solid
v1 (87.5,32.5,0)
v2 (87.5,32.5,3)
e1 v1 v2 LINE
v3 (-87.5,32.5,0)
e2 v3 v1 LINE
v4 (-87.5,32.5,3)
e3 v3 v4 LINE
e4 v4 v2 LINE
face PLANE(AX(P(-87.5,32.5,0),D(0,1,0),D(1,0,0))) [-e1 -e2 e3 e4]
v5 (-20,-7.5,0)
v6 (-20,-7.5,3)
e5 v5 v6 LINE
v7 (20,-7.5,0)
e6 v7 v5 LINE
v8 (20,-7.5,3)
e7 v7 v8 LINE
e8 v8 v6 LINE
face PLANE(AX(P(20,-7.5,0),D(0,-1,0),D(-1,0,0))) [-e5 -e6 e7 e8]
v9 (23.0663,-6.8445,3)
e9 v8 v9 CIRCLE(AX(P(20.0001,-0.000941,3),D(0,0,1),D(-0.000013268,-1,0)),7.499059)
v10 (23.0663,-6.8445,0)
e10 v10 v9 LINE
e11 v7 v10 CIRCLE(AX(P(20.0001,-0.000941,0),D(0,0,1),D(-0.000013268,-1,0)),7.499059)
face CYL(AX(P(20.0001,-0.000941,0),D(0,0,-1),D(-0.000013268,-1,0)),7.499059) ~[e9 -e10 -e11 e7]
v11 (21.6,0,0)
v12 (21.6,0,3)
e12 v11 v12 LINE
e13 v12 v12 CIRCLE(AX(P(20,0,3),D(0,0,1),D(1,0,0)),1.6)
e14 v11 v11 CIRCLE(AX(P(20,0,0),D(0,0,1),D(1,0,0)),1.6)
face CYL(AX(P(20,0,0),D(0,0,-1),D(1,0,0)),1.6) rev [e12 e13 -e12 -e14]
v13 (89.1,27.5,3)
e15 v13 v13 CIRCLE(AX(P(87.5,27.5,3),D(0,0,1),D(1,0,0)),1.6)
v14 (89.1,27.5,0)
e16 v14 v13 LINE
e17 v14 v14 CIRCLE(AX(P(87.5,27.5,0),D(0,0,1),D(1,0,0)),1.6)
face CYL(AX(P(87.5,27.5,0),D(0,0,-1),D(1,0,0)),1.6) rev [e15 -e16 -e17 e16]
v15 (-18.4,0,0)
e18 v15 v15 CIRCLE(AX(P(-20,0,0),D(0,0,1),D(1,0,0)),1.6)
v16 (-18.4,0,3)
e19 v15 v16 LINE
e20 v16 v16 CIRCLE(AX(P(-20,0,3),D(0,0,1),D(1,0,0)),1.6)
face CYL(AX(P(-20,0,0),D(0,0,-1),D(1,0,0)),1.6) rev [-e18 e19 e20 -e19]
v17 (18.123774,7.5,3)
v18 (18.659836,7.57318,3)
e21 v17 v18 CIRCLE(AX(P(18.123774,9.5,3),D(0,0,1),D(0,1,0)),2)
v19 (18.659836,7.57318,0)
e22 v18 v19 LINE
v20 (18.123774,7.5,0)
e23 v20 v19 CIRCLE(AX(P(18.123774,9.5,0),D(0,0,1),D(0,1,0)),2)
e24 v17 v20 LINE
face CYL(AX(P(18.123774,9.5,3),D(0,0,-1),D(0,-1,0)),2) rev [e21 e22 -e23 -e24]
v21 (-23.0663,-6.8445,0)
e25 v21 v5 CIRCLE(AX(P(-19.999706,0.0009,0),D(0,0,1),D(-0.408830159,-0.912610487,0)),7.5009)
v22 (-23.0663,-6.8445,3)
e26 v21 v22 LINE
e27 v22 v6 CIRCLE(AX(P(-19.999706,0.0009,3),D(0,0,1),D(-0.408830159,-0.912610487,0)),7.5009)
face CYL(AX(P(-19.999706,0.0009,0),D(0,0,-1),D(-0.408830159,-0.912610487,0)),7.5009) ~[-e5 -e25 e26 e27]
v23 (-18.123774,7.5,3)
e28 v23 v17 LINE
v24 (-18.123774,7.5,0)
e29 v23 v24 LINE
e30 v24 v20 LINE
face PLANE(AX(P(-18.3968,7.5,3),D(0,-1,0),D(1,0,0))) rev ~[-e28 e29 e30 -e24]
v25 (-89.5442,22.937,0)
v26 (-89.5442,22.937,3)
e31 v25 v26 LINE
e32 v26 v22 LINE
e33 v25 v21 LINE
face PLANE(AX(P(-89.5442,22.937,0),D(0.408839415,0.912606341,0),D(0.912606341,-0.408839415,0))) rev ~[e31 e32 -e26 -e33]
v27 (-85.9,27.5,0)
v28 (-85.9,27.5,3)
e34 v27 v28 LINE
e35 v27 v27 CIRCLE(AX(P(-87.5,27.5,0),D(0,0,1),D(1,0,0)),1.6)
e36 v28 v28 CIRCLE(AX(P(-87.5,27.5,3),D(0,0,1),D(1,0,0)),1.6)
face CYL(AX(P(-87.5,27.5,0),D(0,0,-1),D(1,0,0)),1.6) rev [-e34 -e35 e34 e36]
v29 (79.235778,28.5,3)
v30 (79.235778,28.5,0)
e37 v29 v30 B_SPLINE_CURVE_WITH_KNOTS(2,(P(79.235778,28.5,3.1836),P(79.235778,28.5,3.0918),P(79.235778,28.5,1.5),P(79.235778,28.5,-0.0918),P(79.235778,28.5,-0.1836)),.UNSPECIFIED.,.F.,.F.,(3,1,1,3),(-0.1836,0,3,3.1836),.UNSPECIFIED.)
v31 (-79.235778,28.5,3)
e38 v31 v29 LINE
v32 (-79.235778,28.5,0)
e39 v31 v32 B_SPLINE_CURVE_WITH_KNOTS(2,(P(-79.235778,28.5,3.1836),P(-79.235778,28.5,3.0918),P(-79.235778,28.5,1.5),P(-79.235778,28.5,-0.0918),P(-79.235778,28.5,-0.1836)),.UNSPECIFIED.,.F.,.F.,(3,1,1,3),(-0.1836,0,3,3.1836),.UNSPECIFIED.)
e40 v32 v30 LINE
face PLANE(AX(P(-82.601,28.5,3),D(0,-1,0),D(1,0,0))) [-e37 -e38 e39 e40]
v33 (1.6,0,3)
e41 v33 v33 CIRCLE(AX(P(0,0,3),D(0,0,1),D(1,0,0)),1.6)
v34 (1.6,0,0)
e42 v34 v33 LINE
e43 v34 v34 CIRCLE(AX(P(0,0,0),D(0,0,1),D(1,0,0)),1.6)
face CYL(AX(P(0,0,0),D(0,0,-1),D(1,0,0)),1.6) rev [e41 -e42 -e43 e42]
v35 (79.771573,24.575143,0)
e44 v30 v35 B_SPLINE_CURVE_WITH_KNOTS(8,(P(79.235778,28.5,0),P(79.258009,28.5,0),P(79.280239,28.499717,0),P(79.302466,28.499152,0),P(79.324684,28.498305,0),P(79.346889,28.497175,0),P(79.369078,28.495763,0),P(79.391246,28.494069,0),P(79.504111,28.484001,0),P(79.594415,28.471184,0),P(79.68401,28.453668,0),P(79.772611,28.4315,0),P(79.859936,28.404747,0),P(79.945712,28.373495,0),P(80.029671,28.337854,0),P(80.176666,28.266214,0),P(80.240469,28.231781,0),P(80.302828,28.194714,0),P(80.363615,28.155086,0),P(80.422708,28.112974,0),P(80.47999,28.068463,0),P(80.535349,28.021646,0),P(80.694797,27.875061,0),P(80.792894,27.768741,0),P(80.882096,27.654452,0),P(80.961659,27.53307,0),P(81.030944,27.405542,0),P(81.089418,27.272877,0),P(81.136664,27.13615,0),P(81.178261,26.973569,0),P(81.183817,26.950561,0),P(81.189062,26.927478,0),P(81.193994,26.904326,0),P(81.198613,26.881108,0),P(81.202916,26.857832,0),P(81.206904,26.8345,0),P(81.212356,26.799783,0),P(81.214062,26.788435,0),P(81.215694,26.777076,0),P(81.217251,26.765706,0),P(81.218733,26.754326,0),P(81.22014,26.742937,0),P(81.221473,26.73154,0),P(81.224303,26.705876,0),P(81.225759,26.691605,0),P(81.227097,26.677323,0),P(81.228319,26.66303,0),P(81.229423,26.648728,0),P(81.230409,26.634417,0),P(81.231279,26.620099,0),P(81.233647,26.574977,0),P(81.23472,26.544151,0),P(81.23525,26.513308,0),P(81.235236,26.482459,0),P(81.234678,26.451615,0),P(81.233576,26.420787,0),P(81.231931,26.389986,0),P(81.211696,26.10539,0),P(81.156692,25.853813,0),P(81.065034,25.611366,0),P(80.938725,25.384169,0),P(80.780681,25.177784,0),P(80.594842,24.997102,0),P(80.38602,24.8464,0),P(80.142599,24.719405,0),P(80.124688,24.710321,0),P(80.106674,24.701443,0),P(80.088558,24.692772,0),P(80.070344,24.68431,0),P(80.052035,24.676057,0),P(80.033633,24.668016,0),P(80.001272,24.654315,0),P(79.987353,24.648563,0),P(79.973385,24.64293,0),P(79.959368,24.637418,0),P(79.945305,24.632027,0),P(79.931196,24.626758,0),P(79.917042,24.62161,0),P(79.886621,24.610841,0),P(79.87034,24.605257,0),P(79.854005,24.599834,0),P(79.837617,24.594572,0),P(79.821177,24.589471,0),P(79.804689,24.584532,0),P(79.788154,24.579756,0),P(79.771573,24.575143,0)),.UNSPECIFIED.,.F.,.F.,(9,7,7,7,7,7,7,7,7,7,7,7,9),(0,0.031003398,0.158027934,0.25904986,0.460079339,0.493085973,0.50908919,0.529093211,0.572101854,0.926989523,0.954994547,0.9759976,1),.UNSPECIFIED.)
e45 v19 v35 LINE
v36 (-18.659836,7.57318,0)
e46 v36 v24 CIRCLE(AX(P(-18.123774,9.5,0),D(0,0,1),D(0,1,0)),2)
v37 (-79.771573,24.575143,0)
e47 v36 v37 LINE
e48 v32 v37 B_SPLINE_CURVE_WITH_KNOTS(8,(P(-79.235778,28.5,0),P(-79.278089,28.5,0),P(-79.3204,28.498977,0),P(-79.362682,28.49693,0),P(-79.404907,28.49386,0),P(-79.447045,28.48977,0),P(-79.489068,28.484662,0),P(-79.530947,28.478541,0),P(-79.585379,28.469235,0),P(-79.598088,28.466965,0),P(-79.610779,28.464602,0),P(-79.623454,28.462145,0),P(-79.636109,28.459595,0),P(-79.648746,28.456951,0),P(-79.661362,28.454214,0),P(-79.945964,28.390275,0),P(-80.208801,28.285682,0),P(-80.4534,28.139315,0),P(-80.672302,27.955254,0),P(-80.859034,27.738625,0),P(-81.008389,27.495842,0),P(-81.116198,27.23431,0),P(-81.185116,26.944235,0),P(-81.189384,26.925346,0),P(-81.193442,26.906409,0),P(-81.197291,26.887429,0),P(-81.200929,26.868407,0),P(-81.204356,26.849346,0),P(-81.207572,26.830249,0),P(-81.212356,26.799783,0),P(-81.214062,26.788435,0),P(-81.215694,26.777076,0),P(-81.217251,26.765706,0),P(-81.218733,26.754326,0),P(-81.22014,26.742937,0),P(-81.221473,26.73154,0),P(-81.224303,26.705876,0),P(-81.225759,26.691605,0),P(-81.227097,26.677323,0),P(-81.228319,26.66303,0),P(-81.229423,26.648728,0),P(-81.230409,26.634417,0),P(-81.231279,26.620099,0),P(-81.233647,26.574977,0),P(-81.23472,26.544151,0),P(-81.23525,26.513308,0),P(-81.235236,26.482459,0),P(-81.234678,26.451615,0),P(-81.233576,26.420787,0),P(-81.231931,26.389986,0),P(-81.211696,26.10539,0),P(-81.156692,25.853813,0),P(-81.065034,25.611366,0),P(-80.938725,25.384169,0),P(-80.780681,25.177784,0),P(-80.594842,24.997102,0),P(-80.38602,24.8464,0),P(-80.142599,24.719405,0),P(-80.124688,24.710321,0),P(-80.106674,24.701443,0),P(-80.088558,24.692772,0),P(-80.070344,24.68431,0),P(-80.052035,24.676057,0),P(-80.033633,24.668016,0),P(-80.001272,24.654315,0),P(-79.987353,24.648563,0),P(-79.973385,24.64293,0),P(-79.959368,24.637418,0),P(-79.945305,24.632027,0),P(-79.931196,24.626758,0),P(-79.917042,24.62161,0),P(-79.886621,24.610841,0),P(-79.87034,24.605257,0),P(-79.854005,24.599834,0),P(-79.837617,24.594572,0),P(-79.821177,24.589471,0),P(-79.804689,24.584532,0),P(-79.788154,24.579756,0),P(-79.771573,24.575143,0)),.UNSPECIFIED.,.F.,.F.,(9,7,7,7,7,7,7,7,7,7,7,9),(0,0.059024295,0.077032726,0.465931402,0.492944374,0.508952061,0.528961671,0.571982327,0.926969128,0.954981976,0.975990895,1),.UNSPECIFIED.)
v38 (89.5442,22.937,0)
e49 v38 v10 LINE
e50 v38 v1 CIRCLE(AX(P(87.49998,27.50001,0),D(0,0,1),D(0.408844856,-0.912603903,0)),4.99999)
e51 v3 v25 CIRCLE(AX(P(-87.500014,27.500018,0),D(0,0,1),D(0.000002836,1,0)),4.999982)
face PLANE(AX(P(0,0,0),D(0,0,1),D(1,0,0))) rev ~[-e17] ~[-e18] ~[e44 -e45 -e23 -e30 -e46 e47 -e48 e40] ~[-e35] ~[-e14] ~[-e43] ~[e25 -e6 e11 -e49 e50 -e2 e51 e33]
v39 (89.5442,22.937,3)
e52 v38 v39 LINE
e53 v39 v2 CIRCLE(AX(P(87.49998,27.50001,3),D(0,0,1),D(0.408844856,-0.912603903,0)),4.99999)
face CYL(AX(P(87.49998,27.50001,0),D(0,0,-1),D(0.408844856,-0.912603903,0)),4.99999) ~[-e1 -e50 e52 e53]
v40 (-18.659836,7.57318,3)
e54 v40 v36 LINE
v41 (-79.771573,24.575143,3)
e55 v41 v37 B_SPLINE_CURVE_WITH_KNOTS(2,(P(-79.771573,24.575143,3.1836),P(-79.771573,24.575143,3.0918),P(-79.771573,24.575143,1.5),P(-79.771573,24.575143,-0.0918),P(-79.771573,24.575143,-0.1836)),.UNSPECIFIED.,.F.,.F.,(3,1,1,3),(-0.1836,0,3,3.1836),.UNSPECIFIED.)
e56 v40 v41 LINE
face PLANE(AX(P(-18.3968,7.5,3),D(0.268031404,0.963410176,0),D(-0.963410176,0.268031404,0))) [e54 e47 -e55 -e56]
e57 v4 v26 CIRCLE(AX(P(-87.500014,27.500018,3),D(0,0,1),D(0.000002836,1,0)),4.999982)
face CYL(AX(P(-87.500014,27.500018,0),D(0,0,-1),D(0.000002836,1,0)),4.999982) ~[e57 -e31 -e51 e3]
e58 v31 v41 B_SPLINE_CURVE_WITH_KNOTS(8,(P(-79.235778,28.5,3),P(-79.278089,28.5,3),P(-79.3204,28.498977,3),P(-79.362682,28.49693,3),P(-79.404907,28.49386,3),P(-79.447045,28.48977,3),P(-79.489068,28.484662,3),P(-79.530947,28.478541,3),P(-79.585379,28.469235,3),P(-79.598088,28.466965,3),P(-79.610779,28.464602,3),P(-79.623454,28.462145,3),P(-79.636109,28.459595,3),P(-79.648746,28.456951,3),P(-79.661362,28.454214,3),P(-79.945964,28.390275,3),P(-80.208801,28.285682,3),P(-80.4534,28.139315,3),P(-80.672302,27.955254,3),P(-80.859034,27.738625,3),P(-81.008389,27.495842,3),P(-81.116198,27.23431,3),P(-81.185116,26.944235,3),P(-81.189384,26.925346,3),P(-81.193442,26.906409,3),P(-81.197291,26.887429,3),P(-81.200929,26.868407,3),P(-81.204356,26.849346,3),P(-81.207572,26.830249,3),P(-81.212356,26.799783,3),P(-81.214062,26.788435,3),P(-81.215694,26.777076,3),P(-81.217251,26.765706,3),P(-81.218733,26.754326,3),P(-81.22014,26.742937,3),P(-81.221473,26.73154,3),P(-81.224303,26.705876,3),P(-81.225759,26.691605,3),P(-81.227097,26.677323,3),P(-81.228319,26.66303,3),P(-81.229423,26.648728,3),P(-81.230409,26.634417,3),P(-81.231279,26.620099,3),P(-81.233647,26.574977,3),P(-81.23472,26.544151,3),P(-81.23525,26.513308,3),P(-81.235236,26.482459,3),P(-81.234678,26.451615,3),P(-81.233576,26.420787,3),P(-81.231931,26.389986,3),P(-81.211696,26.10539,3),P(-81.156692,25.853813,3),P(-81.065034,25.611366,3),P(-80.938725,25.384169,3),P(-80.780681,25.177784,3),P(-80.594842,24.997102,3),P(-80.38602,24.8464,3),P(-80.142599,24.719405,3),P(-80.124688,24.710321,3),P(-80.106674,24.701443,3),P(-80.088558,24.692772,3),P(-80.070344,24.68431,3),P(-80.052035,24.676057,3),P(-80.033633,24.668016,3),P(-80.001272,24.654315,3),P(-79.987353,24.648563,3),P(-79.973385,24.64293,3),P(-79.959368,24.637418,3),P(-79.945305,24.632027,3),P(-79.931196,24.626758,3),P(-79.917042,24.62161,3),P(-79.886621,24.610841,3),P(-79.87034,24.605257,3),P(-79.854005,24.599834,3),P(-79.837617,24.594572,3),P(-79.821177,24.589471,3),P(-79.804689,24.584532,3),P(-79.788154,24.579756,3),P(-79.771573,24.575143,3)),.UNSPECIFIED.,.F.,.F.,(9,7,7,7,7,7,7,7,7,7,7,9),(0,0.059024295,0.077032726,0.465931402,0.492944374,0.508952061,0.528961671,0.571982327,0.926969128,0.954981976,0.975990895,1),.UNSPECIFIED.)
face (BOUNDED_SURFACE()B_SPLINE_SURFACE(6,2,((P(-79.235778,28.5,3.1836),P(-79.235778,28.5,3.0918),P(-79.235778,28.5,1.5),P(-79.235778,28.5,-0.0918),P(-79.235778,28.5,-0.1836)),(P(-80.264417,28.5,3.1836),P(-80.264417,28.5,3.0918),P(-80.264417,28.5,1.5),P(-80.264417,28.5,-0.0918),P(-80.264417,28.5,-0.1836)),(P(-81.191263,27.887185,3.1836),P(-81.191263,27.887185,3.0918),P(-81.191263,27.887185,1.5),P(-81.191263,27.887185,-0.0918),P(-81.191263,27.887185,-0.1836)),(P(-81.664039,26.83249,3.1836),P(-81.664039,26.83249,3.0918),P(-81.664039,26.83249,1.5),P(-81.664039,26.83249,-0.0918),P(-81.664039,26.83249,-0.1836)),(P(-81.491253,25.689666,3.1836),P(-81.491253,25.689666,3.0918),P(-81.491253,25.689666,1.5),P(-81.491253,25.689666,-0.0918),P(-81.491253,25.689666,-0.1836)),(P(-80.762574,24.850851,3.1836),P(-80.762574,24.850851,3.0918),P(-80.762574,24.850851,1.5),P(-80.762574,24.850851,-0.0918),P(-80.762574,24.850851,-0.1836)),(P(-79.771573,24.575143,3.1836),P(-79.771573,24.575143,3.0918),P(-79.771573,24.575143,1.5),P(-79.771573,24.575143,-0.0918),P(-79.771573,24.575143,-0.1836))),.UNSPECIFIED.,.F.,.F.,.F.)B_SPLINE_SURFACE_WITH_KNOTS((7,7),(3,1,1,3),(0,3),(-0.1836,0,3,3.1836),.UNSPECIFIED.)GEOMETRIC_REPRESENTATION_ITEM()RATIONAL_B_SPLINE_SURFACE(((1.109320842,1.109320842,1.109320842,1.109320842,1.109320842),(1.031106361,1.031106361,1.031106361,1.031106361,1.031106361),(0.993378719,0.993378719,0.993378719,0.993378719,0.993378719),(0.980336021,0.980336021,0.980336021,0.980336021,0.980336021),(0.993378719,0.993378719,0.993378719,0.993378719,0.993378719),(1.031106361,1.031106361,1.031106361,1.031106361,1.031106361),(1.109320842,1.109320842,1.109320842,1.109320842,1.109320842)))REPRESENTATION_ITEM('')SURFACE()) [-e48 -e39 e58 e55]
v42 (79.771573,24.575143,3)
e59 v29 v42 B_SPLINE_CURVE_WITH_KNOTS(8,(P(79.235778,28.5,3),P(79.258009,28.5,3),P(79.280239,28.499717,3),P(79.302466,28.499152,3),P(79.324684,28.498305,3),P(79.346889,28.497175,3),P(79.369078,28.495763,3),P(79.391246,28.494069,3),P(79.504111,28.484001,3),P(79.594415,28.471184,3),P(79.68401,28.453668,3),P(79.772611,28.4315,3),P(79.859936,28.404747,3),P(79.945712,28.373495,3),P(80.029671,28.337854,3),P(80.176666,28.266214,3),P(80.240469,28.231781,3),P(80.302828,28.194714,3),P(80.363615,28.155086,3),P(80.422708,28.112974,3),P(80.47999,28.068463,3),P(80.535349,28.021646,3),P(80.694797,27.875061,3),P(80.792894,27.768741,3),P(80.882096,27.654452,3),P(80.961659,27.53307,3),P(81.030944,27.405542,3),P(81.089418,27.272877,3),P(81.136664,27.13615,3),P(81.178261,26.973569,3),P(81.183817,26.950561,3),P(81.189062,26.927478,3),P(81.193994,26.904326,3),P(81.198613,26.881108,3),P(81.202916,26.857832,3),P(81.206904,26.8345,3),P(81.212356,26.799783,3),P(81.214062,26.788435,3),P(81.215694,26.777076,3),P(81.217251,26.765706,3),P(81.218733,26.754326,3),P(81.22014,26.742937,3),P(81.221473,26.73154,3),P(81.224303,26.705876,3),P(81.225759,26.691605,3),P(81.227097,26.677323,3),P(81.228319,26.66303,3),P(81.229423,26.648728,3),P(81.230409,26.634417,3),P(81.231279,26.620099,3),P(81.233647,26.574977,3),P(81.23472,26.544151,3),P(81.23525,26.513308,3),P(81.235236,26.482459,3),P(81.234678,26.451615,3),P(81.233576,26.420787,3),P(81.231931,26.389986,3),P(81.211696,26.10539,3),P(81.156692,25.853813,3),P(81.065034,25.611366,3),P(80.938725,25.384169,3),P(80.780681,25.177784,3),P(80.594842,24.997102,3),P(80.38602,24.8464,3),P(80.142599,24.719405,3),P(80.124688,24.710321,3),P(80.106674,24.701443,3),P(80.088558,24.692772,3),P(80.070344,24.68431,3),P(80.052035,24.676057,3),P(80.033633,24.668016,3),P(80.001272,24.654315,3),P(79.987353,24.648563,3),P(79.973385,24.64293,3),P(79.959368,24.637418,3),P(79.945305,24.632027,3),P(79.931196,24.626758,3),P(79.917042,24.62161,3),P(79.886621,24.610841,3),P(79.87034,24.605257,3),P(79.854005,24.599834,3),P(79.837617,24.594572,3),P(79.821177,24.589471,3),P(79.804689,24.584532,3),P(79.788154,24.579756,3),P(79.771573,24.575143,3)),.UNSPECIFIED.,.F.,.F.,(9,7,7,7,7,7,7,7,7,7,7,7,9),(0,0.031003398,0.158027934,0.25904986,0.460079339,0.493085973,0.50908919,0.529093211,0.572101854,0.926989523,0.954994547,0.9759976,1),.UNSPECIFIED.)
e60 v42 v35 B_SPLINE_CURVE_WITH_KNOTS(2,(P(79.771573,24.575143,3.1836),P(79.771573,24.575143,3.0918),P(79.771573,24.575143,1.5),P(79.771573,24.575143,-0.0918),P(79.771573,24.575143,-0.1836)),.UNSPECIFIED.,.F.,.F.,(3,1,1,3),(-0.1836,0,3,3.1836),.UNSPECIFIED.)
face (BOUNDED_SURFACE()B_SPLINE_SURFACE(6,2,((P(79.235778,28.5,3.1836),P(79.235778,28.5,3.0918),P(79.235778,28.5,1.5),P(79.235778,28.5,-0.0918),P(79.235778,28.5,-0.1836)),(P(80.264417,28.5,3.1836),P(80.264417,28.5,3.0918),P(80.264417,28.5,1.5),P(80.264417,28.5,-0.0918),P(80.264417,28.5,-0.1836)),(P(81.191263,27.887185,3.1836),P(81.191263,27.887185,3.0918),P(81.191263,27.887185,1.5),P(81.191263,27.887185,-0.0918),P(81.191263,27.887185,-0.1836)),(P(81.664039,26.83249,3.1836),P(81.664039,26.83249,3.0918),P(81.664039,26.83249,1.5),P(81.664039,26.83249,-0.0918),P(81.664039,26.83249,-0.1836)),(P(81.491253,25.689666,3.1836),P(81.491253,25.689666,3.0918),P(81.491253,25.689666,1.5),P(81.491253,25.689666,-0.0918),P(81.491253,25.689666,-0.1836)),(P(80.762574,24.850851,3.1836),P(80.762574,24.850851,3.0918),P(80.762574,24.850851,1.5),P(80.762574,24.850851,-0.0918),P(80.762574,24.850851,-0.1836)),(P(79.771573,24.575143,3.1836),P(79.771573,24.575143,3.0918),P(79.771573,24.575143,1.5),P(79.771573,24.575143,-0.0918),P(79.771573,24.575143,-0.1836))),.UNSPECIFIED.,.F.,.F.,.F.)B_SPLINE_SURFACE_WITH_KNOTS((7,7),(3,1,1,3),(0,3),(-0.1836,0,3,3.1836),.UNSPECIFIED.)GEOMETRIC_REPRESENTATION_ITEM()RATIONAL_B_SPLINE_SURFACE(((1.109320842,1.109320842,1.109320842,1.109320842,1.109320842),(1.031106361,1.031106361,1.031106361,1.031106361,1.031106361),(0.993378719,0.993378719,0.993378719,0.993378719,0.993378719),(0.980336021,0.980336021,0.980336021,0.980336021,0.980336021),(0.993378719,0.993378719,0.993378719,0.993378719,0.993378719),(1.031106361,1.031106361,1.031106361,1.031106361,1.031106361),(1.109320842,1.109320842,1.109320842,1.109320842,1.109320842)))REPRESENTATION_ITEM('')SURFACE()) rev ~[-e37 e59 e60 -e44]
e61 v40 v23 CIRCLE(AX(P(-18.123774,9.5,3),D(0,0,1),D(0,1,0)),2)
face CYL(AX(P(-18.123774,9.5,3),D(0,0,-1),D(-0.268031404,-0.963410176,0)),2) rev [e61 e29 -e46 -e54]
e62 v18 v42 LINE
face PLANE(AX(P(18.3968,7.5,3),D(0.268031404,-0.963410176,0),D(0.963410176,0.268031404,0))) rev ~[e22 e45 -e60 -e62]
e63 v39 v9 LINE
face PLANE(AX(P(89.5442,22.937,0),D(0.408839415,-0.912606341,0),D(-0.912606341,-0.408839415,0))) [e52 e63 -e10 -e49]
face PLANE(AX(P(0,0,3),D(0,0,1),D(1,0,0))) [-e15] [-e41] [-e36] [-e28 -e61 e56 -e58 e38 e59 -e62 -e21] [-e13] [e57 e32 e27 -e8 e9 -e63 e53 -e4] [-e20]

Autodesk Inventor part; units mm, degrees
ref_plane "YZ Plane" through (0, 0, 0) normal (1, 0, 0) x (0, 1, 0)
ref_plane "XZ Plane" through (0, 0, 0) normal (0, 1, 0) x (-1, 0, 0)
ref_plane "XY Plane" through (0, 0, 0) normal (0, 0, 1) x (1, 0, 0)
sketch "スケッチ1" plane through (0, 0, 0) normal (0, 0, 1) x (1, 0, 0)
  circle A0 centre (-20, 0) radius 1.6
  circle A1 centre (20, 0) radius 1.6
  circle A2 centre (0, 0) radius 1.6
  circle A3 centre (-87.5, 27.5) radius 1.6
  circle A4 centre (87.5, 27.5) radius 1.6
  arc A5 (-87.5, 32.5) -> (-89.5442, 22.937) centre (-87.5, 27.5) ccw
  arc A6 (89.5442, 22.937) -> (87.5, 32.5) centre (87.5, 27.5) ccw
  arc A7 (20, -7.5) -> (23.0663, -6.8445) centre (20, 0) ccw
  arc A8 (-23.0663, -6.8445) -> (-20, -7.5) centre (-20, 0) ccw
  line L0 (-89.5442, 22.937) -> (-23.0663, -6.8445)
  line L1 (-87.5, 32.5) -> (87.5, 32.5)
  line L2 (89.5442, 22.937) -> (23.0663, -6.8445)
  line L3 (20, -7.5) -> (-20, -7.5)
  dimension "d0" = 3.2
  dimension "d1" = 3.2
  dimension "d2" = 3.2
  dimension "d3" = 20
  dimension "d4" = 20
  dimension "d5" = 3.2
  dimension "d6" = 3.2
  dimension "d14" = 175
  dimension "d15" = 87.5
  dimension "d17" = 5
  dimension "d18" = 5
  dimension "d19" = 7.5
  dimension "d20" = 7.5
  dimension "d23" = 27.5
extrude "押し出し1" add sketch "スケッチ1" along normal blind 3
sketch "スケッチ2" plane through (0, 0, 3) normal (0, 0, 1) x (1, 0, 0)
  circle A0 centre (-87.5, 27.5) radius 1.6 projected
  arc A1 (-82.937, 25.4558) -> (-82.601, 28.5) centre (-87.5, 27.5) ccw
  circle A2 centre (87.5, 27.5) radius 1.6 projected
  arc A3 (82.601, 28.5) -> (82.937, 25.4558) centre (87.5, 27.5) ccw
  line L0 (-82.601, 28.5) -> (82.601, 28.5)
  line L1 (87.5, 32.5) -> (-87.5, 32.5) projected
  line L2 (-18.3968, 7.5) -> (18.3968, 7.5)
  line L3 (18.3968, 7.5) -> (82.937, 25.4558)
  line L4 (-18.3968, 7.5) -> (-82.937, 25.4558)
  line L5 (-20, -7.5) -> (20, -7.5) projected
  line L6 (-89.5442, 22.937) -> (-23.0663, -6.8445) projected
  line L7 (23.0663, -6.8445) -> (89.5442, 22.937) projected
  point P0 (0, 0)
  dimension "d24" = 5
  dimension "d25" = 5
  dimension "d26" = 4
  dimension "d27" = 15
  dimension "d28" = 15
  dimension "d29" = 15
  dimension "d30" = 5
  dimension "d31" = 5
extrude "押し出し2" cut sketch "スケッチ2" against normal through all contours A1 L0 A3 L3 L2 L4
fillet "フィレット1" radius 2 6 edges at (-82.601, 28.5, 1.5) (-82.937, 25.4558, 1.5) (-18.3968, 7.5, 1.5) (18.3968, 7.5, 1.5) (82.601, 28.5, 1.5) (82.937, 25.4558, 1.5)
equation "\"d15\" = 0.5 * d14"
properties part number "ハンド_上側板" material "アルミニウム 6061"
